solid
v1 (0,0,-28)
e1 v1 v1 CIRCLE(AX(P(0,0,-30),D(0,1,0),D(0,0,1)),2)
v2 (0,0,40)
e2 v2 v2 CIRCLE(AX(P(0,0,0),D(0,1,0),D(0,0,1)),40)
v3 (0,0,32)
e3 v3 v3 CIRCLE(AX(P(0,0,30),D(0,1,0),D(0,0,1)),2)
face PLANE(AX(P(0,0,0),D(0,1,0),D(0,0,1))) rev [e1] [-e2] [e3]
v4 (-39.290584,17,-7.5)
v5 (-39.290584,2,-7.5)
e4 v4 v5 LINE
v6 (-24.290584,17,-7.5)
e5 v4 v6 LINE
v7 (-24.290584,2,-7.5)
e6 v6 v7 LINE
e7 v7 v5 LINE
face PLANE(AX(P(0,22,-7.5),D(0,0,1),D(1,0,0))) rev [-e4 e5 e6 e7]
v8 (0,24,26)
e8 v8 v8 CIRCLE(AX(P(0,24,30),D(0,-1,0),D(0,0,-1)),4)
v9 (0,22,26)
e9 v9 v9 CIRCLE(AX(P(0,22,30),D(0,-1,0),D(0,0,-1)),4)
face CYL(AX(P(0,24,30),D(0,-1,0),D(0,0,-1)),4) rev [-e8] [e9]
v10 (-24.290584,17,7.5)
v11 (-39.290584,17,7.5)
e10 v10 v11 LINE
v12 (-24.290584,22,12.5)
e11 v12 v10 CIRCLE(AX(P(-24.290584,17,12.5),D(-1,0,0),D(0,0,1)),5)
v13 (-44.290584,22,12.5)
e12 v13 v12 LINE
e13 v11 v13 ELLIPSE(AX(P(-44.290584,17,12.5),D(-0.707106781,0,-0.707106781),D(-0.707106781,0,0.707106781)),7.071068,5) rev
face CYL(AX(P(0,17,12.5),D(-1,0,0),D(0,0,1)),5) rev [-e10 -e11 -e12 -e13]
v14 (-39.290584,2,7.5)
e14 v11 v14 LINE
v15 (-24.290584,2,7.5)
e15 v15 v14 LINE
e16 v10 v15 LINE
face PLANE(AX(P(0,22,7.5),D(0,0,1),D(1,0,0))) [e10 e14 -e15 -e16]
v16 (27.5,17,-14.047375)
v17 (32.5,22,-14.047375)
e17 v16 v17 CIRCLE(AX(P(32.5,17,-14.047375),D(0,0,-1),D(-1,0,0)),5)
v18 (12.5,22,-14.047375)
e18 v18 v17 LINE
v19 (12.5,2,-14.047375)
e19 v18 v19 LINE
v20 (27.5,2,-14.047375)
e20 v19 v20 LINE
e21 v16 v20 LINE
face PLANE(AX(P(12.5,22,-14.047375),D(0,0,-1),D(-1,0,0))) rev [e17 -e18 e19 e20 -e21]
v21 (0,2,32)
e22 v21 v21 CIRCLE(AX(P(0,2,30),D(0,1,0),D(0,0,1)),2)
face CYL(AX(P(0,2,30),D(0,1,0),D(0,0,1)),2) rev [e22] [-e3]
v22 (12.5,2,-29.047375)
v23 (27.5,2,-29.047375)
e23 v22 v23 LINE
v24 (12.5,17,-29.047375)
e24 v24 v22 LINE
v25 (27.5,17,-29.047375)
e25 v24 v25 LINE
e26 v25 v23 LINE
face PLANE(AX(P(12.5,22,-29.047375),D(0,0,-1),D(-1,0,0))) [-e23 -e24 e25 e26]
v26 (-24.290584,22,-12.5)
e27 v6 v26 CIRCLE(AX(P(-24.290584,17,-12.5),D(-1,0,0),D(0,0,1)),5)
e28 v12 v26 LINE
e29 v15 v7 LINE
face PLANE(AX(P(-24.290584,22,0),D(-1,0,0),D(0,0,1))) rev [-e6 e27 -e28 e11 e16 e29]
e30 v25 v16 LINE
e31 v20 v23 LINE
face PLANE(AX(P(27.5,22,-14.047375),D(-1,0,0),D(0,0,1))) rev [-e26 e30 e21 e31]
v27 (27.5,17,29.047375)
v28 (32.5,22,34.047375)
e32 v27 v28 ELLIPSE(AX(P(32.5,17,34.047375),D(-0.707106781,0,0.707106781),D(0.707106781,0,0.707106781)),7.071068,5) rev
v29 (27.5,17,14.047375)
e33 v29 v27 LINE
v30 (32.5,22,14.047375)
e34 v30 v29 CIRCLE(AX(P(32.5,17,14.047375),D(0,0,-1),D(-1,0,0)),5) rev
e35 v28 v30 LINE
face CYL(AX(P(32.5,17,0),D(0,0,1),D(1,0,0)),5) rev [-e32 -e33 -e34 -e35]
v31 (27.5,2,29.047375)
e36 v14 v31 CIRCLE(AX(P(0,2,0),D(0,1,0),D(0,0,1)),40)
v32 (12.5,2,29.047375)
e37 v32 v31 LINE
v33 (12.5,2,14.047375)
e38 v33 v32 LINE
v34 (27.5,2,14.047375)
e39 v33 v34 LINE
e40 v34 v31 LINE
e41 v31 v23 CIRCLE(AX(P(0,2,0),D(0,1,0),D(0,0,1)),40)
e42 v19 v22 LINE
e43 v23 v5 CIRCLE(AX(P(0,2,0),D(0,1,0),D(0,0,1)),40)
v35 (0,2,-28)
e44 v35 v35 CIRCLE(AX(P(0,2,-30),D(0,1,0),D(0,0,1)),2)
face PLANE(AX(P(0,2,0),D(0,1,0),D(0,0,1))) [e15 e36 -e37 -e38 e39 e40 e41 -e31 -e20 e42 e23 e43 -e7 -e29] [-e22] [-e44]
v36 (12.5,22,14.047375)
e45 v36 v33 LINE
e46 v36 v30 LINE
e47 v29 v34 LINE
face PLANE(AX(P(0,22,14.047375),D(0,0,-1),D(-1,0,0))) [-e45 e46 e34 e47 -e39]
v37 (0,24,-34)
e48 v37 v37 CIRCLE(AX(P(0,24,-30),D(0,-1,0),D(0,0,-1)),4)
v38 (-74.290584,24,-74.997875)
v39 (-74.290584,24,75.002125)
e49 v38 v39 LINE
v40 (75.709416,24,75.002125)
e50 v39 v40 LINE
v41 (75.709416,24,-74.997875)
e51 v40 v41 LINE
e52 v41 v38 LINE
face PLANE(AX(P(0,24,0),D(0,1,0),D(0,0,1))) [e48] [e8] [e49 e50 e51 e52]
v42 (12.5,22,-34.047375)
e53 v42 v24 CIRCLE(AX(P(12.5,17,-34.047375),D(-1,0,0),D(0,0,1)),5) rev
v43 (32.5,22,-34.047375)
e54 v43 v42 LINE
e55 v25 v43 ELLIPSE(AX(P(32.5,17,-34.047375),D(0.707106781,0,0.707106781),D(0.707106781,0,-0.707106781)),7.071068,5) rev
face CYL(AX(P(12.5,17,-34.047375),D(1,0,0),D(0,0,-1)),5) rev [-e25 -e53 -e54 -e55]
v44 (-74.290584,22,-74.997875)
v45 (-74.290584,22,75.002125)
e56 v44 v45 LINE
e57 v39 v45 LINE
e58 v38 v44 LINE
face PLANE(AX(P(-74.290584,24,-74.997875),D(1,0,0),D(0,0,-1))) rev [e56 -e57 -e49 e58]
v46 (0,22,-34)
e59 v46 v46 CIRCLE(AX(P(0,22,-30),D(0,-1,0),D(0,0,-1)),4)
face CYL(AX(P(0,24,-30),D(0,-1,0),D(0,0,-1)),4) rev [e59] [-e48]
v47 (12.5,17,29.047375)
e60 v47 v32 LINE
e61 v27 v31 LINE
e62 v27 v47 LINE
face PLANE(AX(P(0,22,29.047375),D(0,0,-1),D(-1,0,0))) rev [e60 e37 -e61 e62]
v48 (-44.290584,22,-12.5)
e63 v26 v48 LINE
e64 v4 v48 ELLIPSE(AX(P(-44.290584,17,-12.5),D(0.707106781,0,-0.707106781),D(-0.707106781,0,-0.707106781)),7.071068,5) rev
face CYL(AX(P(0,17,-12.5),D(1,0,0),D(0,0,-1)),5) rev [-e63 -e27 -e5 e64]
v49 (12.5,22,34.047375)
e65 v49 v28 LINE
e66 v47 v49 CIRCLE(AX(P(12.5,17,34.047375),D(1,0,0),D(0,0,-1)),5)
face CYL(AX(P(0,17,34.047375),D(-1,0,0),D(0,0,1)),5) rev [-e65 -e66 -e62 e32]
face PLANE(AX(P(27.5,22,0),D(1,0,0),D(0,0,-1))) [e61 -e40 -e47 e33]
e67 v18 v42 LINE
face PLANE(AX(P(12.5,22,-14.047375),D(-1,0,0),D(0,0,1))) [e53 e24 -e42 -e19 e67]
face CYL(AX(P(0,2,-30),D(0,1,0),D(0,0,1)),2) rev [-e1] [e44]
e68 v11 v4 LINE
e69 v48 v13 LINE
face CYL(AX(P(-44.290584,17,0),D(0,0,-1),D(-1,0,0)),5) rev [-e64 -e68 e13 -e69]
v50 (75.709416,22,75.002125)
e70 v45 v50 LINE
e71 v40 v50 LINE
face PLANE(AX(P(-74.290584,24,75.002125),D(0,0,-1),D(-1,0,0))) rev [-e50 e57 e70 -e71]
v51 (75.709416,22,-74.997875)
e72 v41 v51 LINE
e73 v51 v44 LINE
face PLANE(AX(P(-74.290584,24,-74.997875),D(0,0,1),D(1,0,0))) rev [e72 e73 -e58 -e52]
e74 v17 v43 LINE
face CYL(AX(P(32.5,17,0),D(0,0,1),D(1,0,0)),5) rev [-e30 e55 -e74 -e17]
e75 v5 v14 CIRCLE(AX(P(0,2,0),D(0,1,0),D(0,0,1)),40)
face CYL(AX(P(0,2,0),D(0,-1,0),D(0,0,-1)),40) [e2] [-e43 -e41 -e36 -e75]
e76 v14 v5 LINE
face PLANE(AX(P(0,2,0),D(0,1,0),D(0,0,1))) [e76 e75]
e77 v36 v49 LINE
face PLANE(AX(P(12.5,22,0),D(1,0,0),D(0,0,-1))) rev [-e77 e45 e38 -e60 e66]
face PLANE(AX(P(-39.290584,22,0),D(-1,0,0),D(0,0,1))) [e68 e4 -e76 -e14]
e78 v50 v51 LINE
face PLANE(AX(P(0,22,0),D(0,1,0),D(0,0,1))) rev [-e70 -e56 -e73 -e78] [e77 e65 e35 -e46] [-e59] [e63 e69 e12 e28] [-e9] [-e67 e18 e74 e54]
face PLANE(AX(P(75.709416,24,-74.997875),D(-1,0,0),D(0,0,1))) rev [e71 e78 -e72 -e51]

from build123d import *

# Parameters (mm, degrees)
SKETCH1_R                 = 40
BOSS_EXTRUDE1_DEPTH       = 2
F_4_0MM_DOWEL_HOLE1_D     = 4
F_4_0MM_DOWEL_HOLE1_DEPTH = 15
F_4_0MM_DOWEL_HOLE1_TIP   = 1.201721238
SKETCH9_W                 = 15
SKETCH9_H                 = 15
BOSS_EXTRUDE19_DEPTH      = 20
SKETCH10_W                = 150
SKETCH10_H                = 150
BOSS_EXTRUDE20_DEPTH      = 2
SKETCH11_R                = 4
CUT_EXTRUDE1_DEPTH        = 2
FILLET2_R                 = 5


with BuildPart() as part:
    # Sketch1 → Boss-Extrude1 (new body)
    with BuildSketch(Plane(origin=(0, 0, 0), x_dir=(1, 0, 0), z_dir=(0, 1, 0))):
        with Locations(Location((0, 0, 0), (0, 0, 270))):
            Circle(SKETCH1_R)
    extrude(amount=BOSS_EXTRUDE1_DEPTH)

    # Ø4.0mm Dowel Hole1
    with Locations(Plane(origin=(0, 2, 0), x_dir=(1, 0, 0), z_dir=(0, 1, 0))):
        with Locations((0, 30), (0, -30)):
            Hole(F_4_0MM_DOWEL_HOLE1_D / 2, depth=F_4_0MM_DOWEL_HOLE1_DEPTH)
            with Locations((0, 0, -(F_4_0MM_DOWEL_HOLE1_DEPTH + F_4_0MM_DOWEL_HOLE1_TIP / 2))):  # 118° drill point
                Cone(0, F_4_0MM_DOWEL_HOLE1_D / 2, F_4_0MM_DOWEL_HOLE1_TIP, mode=Mode.SUBTRACT)

    # Sketch9 → Boss-Extrude19 (add)
    with BuildSketch(Plane(origin=(0, 2, 0), x_dir=(1, 0, 0), z_dir=(0, 1, 0))):
        with Locations((-31.790584114, 0)):
            Rectangle(SKETCH9_W, SKETCH9_H)
        with Locations((20, -21.547375097)):
            Rectangle(SKETCH9_W, SKETCH9_H)
        with Locations((20, 21.547375097)):
            Rectangle(SKETCH9_W, SKETCH9_H)
    extrude(amount=BOSS_EXTRUDE19_DEPTH)

    # Sketch10 → Boss-Extrude20 (add)
    with BuildSketch(Plane(origin=(0, 22, 0), x_dir=(1, 0, 0), z_dir=(0, 1, 0))):
        with Locations((0.709415886, -0.002124903)):
            Rectangle(SKETCH10_W, SKETCH10_H)
    extrude(amount=BOSS_EXTRUDE20_DEPTH)

    # Sketch11 → Cut-Extrude1 (cut)
    with BuildSketch(Plane.XZ.offset(-22)):
        with Locations(Location((0, 30, 0), (0, 0, 270))):
            Circle(SKETCH11_R)
        with Locations(Location((0, -30, 0), (0, 0, 270))):
            Circle(SKETCH11_R)
    extrude(amount=-CUT_EXTRUDE1_DEPTH, mode=Mode.SUBTRACT)

    # Fillet2
    fillet2_edges = [part.edges().sort_by_distance(p)[0] for p in [
        (-39.290584114, 22, 0),
        (-31.790584114, 22, 7.5),
        (-31.790584114, 22, -7.5),
        (27.5, 22, 21.547375097),
        (20, 22, 29.047375097),
        (20, 22, -29.047375097),
        (27.5, 22, -21.547375097),
    ]]
    fillet(fillet2_edges, radius=FILLET2_R)


solid = part.part
